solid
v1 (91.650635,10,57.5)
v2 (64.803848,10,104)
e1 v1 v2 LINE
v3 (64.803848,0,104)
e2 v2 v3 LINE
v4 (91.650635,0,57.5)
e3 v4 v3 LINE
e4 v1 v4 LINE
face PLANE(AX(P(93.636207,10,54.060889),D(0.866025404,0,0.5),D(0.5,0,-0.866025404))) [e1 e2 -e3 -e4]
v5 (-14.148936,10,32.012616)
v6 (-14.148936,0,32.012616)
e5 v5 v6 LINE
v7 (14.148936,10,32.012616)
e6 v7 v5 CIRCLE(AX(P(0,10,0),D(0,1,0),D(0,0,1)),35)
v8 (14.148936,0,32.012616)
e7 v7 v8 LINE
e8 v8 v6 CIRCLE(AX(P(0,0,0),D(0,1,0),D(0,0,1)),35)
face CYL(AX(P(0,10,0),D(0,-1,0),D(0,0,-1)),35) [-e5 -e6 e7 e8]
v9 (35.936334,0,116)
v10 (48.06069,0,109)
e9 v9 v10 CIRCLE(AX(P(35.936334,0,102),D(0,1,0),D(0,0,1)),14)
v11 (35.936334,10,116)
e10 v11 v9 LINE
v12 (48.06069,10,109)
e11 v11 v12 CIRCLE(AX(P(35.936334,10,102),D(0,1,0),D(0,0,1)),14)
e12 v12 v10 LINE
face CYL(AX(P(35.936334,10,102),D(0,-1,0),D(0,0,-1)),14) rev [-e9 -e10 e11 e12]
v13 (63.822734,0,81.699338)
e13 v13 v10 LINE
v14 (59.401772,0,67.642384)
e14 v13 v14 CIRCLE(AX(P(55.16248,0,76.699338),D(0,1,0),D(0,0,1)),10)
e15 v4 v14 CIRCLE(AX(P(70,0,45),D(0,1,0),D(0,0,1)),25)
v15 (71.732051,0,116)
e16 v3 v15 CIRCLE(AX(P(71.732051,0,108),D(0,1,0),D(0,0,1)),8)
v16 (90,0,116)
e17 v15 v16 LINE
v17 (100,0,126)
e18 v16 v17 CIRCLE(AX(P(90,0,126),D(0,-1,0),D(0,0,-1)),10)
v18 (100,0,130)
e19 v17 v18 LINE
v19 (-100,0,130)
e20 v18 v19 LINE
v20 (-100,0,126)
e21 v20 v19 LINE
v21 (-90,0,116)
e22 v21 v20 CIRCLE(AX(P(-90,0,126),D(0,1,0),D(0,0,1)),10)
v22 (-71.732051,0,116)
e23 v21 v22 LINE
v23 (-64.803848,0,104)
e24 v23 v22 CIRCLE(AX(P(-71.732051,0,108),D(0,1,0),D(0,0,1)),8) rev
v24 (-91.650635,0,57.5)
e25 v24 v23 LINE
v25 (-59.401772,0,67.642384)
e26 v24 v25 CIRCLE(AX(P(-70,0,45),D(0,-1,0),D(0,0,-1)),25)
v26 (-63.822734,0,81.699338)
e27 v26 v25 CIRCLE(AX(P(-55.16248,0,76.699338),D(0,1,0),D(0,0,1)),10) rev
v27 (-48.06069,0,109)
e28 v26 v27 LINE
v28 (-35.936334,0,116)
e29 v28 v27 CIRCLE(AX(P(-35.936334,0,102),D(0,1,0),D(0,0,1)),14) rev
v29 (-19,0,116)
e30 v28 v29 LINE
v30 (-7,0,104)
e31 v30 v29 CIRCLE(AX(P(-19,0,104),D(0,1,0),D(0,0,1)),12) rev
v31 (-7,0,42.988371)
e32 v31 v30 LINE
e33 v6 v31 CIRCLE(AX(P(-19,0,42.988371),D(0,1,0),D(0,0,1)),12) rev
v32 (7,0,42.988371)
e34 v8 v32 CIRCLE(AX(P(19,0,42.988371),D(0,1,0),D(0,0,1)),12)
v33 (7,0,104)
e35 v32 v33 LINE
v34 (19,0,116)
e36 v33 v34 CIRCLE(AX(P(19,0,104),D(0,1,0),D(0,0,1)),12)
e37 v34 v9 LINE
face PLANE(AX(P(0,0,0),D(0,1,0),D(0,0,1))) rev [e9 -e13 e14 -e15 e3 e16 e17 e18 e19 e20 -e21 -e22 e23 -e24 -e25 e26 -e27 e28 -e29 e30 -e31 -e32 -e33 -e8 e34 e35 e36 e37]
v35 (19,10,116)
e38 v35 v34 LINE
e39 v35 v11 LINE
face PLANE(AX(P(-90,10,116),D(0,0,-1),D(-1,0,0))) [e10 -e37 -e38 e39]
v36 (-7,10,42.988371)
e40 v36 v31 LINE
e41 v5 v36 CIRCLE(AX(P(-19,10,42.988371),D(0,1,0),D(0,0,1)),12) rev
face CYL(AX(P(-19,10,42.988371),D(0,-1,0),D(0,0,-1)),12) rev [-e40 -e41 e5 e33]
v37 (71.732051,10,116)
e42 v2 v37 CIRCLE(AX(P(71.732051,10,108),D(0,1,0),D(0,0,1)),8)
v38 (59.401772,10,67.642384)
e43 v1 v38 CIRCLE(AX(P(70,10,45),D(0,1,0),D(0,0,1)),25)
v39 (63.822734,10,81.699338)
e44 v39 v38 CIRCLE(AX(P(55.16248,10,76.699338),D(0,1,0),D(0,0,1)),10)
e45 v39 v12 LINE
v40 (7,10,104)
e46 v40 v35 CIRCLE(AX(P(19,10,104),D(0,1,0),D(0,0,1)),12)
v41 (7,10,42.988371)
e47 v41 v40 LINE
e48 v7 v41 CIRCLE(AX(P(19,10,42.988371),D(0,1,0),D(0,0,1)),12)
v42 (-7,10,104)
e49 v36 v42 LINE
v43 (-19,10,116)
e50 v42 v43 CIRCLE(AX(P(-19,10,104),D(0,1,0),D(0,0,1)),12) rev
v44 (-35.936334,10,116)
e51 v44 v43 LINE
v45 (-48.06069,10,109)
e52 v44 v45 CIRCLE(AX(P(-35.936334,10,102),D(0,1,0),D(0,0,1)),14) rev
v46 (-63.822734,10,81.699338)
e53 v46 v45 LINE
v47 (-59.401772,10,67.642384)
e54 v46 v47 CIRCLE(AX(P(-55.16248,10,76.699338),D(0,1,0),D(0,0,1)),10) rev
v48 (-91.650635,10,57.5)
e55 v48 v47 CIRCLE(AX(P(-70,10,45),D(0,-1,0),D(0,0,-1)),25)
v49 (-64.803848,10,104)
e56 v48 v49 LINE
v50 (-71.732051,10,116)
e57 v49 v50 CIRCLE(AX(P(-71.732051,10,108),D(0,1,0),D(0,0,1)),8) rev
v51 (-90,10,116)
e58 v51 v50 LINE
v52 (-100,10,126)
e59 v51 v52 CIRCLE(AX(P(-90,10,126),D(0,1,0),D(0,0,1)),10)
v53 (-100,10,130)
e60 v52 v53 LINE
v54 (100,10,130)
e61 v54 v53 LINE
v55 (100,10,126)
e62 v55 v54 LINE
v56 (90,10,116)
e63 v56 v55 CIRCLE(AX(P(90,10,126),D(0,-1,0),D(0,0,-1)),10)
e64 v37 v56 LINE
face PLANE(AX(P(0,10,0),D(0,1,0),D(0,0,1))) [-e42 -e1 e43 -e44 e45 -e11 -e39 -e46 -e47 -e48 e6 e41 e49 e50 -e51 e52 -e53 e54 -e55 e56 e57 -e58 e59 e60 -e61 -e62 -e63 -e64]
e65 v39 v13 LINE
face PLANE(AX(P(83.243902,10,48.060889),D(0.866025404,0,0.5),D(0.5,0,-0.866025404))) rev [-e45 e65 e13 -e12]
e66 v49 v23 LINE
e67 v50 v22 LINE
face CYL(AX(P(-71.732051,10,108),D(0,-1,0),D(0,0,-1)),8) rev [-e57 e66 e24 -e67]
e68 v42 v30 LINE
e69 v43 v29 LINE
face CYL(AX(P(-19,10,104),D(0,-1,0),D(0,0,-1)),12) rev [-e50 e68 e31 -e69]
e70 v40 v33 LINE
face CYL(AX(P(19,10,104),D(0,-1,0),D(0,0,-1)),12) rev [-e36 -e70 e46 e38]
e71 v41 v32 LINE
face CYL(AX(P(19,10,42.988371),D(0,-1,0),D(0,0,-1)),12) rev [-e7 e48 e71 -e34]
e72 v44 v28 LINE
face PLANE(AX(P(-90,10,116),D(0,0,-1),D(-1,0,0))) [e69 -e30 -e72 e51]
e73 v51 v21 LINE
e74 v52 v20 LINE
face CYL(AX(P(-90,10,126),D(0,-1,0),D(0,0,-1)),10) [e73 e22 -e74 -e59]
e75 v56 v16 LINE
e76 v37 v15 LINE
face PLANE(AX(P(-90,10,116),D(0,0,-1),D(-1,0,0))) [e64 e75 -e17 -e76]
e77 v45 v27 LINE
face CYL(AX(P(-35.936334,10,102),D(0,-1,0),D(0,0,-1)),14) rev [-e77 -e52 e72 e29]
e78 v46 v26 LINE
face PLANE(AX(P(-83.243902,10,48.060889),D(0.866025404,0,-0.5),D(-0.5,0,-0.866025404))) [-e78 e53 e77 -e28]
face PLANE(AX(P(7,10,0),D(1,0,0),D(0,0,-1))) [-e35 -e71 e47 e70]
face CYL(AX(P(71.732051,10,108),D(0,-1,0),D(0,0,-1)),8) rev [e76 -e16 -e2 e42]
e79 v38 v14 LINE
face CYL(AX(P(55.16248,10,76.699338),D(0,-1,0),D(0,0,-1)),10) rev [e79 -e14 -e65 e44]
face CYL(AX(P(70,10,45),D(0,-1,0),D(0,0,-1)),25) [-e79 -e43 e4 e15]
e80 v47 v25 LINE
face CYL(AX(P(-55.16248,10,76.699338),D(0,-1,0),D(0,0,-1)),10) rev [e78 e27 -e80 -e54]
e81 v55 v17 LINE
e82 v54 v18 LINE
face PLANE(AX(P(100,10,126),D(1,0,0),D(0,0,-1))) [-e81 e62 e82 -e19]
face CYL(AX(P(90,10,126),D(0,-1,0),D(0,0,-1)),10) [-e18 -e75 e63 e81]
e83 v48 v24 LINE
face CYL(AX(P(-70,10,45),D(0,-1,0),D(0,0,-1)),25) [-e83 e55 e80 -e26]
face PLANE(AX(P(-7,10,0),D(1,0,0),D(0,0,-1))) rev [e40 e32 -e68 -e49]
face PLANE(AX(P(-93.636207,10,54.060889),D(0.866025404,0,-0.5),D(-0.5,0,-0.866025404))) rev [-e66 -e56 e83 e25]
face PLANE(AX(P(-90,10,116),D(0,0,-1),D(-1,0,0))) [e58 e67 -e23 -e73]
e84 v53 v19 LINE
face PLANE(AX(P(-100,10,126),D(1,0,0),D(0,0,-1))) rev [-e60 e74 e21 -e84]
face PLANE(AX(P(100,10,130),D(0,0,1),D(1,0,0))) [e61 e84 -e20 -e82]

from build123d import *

# Parameters (mm, degrees)
SKETCH_201_R    = 35
EXTRUDE_1_DEPTH = 10
SKETCH_7_R      = 25
EXTRUDE_2_DEPTH = 10
SKETCH_8_R      = 25
EXTRUDE_3_DEPTH = 10
EXTRUDE_4_DEPTH = 10
EXTRUDE_8_DEPTH = 10


with BuildPart() as part:
    # Sketch 201 → Бобышка-Вытянуть1 (new body)
    with BuildSketch(Plane(origin=(0, 0, 0), x_dir=(1, 0, 0), z_dir=(0, 1, 0))):
        Circle(SKETCH_201_R)
    extrude(amount=EXTRUDE_1_DEPTH)



with BuildPart() as body_2:
    # Эскиз<7> → Бобышка-Вытянуть2 (new body)
    with BuildSketch(Plane(origin=(0, 0, 0), x_dir=(1, 0, 0), z_dir=(0, 1, 0))):
        with Locations((-70, -45)):
            Circle(SKETCH_7_R)
    extrude(amount=EXTRUDE_2_DEPTH)


with BuildPart() as body_3:
    # Эскиз<8> → Бобышка-Вытянуть3 (new body)
    with BuildSketch(Plane(origin=(0, 0, 0), x_dir=(1, 0, 0), z_dir=(0, 1, 0))):
        with Locations((70, -45)):
            Circle(SKETCH_8_R)
    extrude(amount=EXTRUDE_3_DEPTH)


with BuildPart() as body_4:
    # Эскиз<9> → Бобышка-Вытянуть4 (new body)
    with BuildSketch(Plane(origin=(0, 0, 0), x_dir=(1, 0, 0), z_dir=(0, 1, 0))):
        with BuildLine():
            Line((-90, -116), (90, -116))
            ThreePointArc((90, -116), (97.071067812, -118.928932188), (100, -126))
            Line((100, -126), (100, -130))
            Line((100, -130), (-100, -130))
            Line((-100, -130), (-100, -126))
            ThreePointArc((-100, -126), (-97.071067812, -118.928932188), (-90, -116))
        make_face()
    extrude(amount=EXTRUDE_4_DEPTH)


with BuildPart() as part_1:
    add(part.part)

    add(body_2.part)  # Бобышка-Вытянуть8 merges body 2

    add(body_3.part)  # Бобышка-Вытянуть8 merges body 3

    add(body_4.part)  # Бобышка-Вытянуть8 merges body 4
    # Эскиз<21> → Бобышка-Вытянуть8 (add)
    with BuildSketch(Plane(origin=(0, 0, 0), x_dir=(1, 0, 0), z_dir=(0, 1, 0))):
        with BuildLine():
            Line((-71.732050808, -116), (-35.936334118, -116))
            ThreePointArc((-35.936334118, -116), (-42.936334118, -114.124355653), (-48.060689771, -109))
            Line((-48.060689771, -109), (-63.822734475, -81.699337741))
            ThreePointArc((-63.822734475, -81.699337741), (-64.701822863, -73.699180065), (-59.401771741, -67.642384101))
            ThreePointArc((-59.401771741, -67.642384101), (-77.500394191, -68.848356064), (-91.650635095, -57.5))
            Line((-91.650635095, -57.5), (-64.803847577, -104))
            ThreePointArc((-64.803847577, -104), (-64.803847577, -112), (-71.732050808, -116))
        make_face()
        with BuildLine():
            Line((7, -104), (7, -42.98837052))
            ThreePointArc((7, -42.98837052), (8.944833021, -36.439048645), (14.14893617, -32.012616345))
            ThreePointArc((14.14893617, -32.012616345), (0, -35), (-14.14893617, -32.012616345))
            ThreePointArc((-14.14893617, -32.012616345), (-8.944833021, -36.439048645), (-7, -42.98837052))
            Line((-7, -42.98837052), (-7, -104))
            ThreePointArc((-7, -104), (-10.514718626, -112.485281374), (-19, -116))
            Line((-19, -116), (19, -116))
            ThreePointArc((19, -116), (10.514718626, -112.485281374), (7, -104))
        make_face()
        with BuildLine():
            ThreePointArc((48.060689771, -109), (42.936334118, -114.124355653), (35.936334118, -116))
            Line((35.936334118, -116), (71.732050808, -116))
            ThreePointArc((71.732050808, -116), (64.803847577, -112), (64.803847577, -104))
            Line((64.803847577, -104), (91.650635095, -57.5))
            ThreePointArc((91.650635095, -57.5), (77.500394191, -68.848356064), (59.401771741, -67.642384101))
            ThreePointArc((59.401771741, -67.642384101), (64.701822863, -73.699180065), (63.822734475, -81.699337741))
            Line((63.822734475, -81.699337741), (48.060689771, -109))
        make_face()
    extrude(amount=EXTRUDE_8_DEPTH)


solid = part_1.part
